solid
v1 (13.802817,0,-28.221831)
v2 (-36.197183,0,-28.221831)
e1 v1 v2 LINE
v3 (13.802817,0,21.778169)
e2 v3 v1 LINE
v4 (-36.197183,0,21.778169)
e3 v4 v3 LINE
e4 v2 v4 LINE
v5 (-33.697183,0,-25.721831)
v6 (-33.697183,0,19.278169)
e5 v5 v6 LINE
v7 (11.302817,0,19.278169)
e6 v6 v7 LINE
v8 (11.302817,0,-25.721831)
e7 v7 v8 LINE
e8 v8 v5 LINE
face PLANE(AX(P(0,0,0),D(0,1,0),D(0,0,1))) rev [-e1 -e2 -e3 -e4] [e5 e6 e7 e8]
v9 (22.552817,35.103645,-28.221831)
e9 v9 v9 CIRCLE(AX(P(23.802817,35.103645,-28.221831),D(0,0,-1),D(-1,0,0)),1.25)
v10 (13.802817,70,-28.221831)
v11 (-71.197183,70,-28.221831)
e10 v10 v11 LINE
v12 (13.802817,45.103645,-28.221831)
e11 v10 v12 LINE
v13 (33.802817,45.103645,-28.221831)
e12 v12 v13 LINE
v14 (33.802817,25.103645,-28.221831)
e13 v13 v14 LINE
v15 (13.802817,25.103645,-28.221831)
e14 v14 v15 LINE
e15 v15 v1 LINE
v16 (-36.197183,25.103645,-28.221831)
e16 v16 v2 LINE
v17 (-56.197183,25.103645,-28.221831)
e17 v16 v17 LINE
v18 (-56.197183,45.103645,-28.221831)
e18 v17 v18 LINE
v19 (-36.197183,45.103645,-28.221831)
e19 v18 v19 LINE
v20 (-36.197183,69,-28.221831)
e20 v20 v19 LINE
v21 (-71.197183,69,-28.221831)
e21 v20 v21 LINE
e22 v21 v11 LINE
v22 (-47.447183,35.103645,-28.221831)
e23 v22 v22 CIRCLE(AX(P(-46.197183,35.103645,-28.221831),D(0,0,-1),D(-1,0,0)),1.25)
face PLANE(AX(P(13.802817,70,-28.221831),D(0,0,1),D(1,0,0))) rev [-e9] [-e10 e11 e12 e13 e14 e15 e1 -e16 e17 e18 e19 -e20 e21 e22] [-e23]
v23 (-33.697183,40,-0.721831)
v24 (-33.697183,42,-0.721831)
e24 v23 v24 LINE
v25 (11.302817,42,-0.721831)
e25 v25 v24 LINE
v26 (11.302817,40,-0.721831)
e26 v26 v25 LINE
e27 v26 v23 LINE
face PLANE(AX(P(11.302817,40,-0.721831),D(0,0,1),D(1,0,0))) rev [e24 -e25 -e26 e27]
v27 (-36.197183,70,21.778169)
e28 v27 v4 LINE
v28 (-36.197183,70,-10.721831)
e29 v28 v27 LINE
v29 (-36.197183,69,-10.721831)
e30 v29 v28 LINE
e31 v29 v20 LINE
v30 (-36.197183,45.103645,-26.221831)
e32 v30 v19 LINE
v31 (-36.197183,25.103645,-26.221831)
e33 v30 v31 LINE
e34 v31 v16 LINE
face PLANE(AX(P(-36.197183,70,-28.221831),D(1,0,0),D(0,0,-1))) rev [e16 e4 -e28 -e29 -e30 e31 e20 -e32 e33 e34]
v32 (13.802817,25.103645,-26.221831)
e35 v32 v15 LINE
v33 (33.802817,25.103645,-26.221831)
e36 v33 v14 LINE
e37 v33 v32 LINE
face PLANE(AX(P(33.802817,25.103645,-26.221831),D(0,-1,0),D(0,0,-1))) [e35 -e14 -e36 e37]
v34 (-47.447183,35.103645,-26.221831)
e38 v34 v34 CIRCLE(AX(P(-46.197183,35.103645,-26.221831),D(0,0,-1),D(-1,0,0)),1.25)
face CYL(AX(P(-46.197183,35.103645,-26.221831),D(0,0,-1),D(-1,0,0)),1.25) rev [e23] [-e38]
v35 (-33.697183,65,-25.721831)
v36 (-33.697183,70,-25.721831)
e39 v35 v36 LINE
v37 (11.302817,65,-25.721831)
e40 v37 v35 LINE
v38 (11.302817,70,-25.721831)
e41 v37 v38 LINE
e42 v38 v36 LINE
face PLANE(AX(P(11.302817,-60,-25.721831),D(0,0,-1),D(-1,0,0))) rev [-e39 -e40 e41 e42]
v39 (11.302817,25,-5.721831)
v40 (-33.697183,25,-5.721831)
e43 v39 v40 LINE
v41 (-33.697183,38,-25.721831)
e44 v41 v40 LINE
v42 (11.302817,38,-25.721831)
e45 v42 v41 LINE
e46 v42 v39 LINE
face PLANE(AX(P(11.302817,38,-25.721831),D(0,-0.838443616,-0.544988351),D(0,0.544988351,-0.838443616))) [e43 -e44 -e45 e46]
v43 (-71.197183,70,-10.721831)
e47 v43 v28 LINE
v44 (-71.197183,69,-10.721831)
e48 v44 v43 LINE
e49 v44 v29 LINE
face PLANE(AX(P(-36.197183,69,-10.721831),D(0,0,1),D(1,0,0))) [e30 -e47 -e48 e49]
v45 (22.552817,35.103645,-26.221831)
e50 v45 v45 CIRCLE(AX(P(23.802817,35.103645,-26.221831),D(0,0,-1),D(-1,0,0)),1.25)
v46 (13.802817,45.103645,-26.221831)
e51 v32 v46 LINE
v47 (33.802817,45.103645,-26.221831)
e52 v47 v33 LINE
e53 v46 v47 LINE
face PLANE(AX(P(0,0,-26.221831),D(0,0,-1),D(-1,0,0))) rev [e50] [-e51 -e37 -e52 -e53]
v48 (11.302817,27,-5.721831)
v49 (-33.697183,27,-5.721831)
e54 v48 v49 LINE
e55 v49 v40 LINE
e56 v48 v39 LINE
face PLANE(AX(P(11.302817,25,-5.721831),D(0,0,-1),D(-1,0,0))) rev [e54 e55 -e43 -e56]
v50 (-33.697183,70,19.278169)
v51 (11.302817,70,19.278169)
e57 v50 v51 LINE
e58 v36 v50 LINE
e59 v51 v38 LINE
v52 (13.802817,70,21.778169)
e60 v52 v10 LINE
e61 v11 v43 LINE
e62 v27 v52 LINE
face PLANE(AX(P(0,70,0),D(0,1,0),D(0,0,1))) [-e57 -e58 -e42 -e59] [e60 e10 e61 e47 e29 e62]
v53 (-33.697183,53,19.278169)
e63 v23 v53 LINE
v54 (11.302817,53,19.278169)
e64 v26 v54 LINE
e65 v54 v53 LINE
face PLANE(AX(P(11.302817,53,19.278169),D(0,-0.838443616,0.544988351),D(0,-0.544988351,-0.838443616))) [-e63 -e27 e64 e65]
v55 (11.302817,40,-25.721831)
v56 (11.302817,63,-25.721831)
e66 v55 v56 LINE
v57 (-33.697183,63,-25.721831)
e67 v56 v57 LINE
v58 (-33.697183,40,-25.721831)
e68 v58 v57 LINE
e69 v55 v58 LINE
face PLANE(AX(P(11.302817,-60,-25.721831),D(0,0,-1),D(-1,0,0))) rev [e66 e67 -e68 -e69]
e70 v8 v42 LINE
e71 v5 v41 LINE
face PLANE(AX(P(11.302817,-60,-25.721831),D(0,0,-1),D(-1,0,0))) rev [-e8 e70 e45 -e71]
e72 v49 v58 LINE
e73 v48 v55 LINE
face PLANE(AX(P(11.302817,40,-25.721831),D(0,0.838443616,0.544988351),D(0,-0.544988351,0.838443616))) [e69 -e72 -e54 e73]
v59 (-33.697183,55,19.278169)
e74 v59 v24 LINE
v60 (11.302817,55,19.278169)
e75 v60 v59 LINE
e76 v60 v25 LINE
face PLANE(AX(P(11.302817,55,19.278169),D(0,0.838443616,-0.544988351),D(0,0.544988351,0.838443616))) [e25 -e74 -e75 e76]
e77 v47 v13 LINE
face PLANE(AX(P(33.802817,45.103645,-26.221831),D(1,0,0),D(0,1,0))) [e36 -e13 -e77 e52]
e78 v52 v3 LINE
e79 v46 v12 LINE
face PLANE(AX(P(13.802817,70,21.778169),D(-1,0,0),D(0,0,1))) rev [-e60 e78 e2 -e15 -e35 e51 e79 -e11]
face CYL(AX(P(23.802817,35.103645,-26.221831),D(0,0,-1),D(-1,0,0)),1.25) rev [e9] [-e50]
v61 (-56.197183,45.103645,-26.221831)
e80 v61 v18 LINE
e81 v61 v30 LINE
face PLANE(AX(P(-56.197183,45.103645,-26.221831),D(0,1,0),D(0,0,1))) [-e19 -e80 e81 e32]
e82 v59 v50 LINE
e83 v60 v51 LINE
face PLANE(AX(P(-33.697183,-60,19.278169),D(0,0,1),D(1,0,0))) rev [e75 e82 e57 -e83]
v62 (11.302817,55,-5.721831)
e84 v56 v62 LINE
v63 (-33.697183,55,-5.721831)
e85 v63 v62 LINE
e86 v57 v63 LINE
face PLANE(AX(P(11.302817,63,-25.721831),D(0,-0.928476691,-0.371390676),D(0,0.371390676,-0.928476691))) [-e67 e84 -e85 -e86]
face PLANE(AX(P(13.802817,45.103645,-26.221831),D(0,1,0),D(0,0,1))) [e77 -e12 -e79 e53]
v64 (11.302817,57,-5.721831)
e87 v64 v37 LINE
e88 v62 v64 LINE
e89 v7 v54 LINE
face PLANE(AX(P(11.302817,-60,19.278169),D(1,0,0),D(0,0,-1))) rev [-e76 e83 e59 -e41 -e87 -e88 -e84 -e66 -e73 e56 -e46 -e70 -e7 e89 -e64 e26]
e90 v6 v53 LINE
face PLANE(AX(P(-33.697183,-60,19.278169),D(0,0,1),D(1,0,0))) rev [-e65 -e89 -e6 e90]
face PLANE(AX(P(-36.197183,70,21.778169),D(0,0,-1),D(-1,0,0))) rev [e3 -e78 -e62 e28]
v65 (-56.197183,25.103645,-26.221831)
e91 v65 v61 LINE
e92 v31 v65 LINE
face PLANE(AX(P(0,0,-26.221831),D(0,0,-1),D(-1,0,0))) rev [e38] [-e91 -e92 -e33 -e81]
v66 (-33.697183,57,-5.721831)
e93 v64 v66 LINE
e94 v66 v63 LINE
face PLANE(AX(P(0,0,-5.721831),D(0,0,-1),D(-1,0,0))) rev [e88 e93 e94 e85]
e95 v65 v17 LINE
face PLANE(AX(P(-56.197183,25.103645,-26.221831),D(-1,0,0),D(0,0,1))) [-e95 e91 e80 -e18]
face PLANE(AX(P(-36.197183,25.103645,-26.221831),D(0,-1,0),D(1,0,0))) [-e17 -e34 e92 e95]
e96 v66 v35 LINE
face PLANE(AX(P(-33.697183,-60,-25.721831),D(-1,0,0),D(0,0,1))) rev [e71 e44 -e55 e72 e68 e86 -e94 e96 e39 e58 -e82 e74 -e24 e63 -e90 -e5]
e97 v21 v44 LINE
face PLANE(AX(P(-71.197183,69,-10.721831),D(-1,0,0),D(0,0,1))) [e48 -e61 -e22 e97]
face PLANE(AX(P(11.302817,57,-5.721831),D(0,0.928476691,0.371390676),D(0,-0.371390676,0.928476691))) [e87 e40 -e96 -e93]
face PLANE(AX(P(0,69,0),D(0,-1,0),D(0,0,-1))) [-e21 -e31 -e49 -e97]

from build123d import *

# Parameters (mm, degrees)
CROQUIS2_W              = 50
CROQUIS2_H              = 50
SALIENTE_EXTRUIR1_DEPTH = 70
CROQUIS3_W              = 45
CROQUIS3_H              = 45
CORTAR_EXTRUIR1_DEPTH   = 130
CROQUIS4_W              = 45
CROQUIS4_H              = 10
SALIENTE_EXTRUIR2_DEPTH = 20
CORTAR_EXTRUIR2_DEPTH   = 45
CROQUIS7_W              = 20
CROQUIS7_H              = 15
SALIENTE_EXTRUIR3_DEPTH = 45
CORTAR_EXTRUIR3_DEPTH   = 45
CROQUIS9_W              = 20
CROQUIS9_H              = 15
SALIENTE_EXTRUIR4_DEPTH = 45
CORTAR_EXTRUIR4_DEPTH   = 45
CROQUIS16_W             = 35
CROQUIS16_H             = 17.5
SALIENTE_EXTRUIR7_DEPTH = 1
CROQUIS17_W             = 20
CROQUIS17_H             = 20
CROQUIS17_R             = 1.25
SALIENTE_EXTRUIR8_DEPTH = 2


with BuildPart() as part:
    # Croquis2 → Saliente-Extruir1 (new body)
    with BuildSketch(Plane(origin=(0, 0, 0), x_dir=(1, 0, 0), z_dir=(0, 1, 0))):
        with Locations((-11.197183099, 3.221830986)):
            Rectangle(CROQUIS2_W, CROQUIS2_H)
    extrude(amount=SALIENTE_EXTRUIR1_DEPTH)

    # Croquis3 → Cortar-Extruir1 (cut)
    with BuildSketch(Plane(origin=(0, 70, 0), x_dir=(1, 0, 0), z_dir=(0, 1, 0))):
        with Locations((-11.197183099, 3.221830986)):
            Rectangle(CROQUIS3_W, CROQUIS3_H)
    extrude(amount=-CORTAR_EXTRUIR1_DEPTH, mode=Mode.SUBTRACT)

    # Croquis4 → Saliente-Extruir2 (add)
    with BuildSketch(Plane.XY.offset(-25.721830986)):
        with Locations((-11.197183099, 60)):
            Rectangle(CROQUIS4_W, CROQUIS4_H)
    extrude(amount=SALIENTE_EXTRUIR2_DEPTH)

    # Croquis5 → Cortar-Extruir2 (cut)
    with BuildSketch(Plane(origin=(-33.697183099, 0, 0), x_dir=(0, 0, -1), z_dir=(1, 0, 0))):
        Polygon((5.721830986, 65), (25.721830986, 65), (5.721830986, 57), align=None)
        Polygon((25.721830986, 55), (25.721830986, 63), (5.721830986, 55), align=None)
    extrude(amount=CORTAR_EXTRUIR2_DEPTH, mode=Mode.SUBTRACT)

    # Croquis7 → Saliente-Extruir3 (add)
    with BuildSketch(Plane(origin=(-33.697183099, 0, 0), x_dir=(0, 0, -1), z_dir=(1, 0, 0))):
        with Locations((-9.278169014, 47.5)):
            Rectangle(CROQUIS7_W, CROQUIS7_H)
    extrude(amount=SALIENTE_EXTRUIR3_DEPTH)

    # Croquis8 → Cortar-Extruir3 (cut)
    with BuildSketch(Plane(origin=(-33.697183099, 0, 0), x_dir=(0, 0, -1), z_dir=(1, 0, 0))):
        Polygon((0.721830986, 55), (0.721830986, 42), (-19.278169014, 55), align=None)
        Polygon((0.721830986, 40), (-19.278169014, 40), (-19.278169014, 53), align=None)
    extrude(amount=CORTAR_EXTRUIR3_DEPTH, mode=Mode.SUBTRACT)

    # Croquis9 → Saliente-Extruir4 (add)
    with BuildSketch(Plane(origin=(-33.697183099, 0, 0), x_dir=(0, 0, -1), z_dir=(1, 0, 0))):
        with Locations((15.721830986, 32.5)):
            Rectangle(CROQUIS9_W, CROQUIS9_H)
    extrude(amount=SALIENTE_EXTRUIR4_DEPTH)

    # Croquis10 → Cortar-Extruir4 (cut)
    with BuildSketch(Plane(origin=(-33.697183099, 0, 0), x_dir=(0, 0, -1), z_dir=(1, 0, 0))):
        Polygon((5.721830986, 40), (5.721830986, 27), (25.721830986, 40), align=None)
        Polygon((5.721830986, 25), (25.721830986, 25), (25.721830986, 38), align=None)
    extrude(amount=CORTAR_EXTRUIR4_DEPTH, mode=Mode.SUBTRACT)

    # Croquis16 → Saliente-Extruir7 (add)
    with BuildSketch(Plane(origin=(0, 70, 0), x_dir=(1, 0, 0), z_dir=(0, 1, 0))):
        with Locations((-53.697183099, 19.471830986)):
            Rectangle(CROQUIS16_W, CROQUIS16_H)
    extrude(amount=-SALIENTE_EXTRUIR7_DEPTH)

    # Croquis17 → Saliente-Extruir8 (add)
    # profile 1 of 2: a face of its own
    with BuildSketch(Plane(origin=(0, 0, -28.221830986), x_dir=(-1, 0, 0), z_dir=(0, 0, -1))):
        with Locations((-23.802816901, 35.103644725)):
            Rectangle(CROQUIS17_W, CROQUIS17_H)
        with Locations((-23.802816901, 35.103644725)):
            Circle(CROQUIS17_R, mode=Mode.SUBTRACT)
    # profile 2 of 2: a face of its own
    with BuildSketch(Plane(origin=(0, 0, -28.221830986), x_dir=(-1, 0, 0), z_dir=(0, 0, -1))):
        with Locations((46.197183099, 35.103644725)):
            Rectangle(CROQUIS17_W, CROQUIS17_H)
        with Locations((46.197183099, 35.103644725)):
            Circle(CROQUIS17_R, mode=Mode.SUBTRACT)
    extrude(amount=-SALIENTE_EXTRUIR8_DEPTH)


solid = part.part
